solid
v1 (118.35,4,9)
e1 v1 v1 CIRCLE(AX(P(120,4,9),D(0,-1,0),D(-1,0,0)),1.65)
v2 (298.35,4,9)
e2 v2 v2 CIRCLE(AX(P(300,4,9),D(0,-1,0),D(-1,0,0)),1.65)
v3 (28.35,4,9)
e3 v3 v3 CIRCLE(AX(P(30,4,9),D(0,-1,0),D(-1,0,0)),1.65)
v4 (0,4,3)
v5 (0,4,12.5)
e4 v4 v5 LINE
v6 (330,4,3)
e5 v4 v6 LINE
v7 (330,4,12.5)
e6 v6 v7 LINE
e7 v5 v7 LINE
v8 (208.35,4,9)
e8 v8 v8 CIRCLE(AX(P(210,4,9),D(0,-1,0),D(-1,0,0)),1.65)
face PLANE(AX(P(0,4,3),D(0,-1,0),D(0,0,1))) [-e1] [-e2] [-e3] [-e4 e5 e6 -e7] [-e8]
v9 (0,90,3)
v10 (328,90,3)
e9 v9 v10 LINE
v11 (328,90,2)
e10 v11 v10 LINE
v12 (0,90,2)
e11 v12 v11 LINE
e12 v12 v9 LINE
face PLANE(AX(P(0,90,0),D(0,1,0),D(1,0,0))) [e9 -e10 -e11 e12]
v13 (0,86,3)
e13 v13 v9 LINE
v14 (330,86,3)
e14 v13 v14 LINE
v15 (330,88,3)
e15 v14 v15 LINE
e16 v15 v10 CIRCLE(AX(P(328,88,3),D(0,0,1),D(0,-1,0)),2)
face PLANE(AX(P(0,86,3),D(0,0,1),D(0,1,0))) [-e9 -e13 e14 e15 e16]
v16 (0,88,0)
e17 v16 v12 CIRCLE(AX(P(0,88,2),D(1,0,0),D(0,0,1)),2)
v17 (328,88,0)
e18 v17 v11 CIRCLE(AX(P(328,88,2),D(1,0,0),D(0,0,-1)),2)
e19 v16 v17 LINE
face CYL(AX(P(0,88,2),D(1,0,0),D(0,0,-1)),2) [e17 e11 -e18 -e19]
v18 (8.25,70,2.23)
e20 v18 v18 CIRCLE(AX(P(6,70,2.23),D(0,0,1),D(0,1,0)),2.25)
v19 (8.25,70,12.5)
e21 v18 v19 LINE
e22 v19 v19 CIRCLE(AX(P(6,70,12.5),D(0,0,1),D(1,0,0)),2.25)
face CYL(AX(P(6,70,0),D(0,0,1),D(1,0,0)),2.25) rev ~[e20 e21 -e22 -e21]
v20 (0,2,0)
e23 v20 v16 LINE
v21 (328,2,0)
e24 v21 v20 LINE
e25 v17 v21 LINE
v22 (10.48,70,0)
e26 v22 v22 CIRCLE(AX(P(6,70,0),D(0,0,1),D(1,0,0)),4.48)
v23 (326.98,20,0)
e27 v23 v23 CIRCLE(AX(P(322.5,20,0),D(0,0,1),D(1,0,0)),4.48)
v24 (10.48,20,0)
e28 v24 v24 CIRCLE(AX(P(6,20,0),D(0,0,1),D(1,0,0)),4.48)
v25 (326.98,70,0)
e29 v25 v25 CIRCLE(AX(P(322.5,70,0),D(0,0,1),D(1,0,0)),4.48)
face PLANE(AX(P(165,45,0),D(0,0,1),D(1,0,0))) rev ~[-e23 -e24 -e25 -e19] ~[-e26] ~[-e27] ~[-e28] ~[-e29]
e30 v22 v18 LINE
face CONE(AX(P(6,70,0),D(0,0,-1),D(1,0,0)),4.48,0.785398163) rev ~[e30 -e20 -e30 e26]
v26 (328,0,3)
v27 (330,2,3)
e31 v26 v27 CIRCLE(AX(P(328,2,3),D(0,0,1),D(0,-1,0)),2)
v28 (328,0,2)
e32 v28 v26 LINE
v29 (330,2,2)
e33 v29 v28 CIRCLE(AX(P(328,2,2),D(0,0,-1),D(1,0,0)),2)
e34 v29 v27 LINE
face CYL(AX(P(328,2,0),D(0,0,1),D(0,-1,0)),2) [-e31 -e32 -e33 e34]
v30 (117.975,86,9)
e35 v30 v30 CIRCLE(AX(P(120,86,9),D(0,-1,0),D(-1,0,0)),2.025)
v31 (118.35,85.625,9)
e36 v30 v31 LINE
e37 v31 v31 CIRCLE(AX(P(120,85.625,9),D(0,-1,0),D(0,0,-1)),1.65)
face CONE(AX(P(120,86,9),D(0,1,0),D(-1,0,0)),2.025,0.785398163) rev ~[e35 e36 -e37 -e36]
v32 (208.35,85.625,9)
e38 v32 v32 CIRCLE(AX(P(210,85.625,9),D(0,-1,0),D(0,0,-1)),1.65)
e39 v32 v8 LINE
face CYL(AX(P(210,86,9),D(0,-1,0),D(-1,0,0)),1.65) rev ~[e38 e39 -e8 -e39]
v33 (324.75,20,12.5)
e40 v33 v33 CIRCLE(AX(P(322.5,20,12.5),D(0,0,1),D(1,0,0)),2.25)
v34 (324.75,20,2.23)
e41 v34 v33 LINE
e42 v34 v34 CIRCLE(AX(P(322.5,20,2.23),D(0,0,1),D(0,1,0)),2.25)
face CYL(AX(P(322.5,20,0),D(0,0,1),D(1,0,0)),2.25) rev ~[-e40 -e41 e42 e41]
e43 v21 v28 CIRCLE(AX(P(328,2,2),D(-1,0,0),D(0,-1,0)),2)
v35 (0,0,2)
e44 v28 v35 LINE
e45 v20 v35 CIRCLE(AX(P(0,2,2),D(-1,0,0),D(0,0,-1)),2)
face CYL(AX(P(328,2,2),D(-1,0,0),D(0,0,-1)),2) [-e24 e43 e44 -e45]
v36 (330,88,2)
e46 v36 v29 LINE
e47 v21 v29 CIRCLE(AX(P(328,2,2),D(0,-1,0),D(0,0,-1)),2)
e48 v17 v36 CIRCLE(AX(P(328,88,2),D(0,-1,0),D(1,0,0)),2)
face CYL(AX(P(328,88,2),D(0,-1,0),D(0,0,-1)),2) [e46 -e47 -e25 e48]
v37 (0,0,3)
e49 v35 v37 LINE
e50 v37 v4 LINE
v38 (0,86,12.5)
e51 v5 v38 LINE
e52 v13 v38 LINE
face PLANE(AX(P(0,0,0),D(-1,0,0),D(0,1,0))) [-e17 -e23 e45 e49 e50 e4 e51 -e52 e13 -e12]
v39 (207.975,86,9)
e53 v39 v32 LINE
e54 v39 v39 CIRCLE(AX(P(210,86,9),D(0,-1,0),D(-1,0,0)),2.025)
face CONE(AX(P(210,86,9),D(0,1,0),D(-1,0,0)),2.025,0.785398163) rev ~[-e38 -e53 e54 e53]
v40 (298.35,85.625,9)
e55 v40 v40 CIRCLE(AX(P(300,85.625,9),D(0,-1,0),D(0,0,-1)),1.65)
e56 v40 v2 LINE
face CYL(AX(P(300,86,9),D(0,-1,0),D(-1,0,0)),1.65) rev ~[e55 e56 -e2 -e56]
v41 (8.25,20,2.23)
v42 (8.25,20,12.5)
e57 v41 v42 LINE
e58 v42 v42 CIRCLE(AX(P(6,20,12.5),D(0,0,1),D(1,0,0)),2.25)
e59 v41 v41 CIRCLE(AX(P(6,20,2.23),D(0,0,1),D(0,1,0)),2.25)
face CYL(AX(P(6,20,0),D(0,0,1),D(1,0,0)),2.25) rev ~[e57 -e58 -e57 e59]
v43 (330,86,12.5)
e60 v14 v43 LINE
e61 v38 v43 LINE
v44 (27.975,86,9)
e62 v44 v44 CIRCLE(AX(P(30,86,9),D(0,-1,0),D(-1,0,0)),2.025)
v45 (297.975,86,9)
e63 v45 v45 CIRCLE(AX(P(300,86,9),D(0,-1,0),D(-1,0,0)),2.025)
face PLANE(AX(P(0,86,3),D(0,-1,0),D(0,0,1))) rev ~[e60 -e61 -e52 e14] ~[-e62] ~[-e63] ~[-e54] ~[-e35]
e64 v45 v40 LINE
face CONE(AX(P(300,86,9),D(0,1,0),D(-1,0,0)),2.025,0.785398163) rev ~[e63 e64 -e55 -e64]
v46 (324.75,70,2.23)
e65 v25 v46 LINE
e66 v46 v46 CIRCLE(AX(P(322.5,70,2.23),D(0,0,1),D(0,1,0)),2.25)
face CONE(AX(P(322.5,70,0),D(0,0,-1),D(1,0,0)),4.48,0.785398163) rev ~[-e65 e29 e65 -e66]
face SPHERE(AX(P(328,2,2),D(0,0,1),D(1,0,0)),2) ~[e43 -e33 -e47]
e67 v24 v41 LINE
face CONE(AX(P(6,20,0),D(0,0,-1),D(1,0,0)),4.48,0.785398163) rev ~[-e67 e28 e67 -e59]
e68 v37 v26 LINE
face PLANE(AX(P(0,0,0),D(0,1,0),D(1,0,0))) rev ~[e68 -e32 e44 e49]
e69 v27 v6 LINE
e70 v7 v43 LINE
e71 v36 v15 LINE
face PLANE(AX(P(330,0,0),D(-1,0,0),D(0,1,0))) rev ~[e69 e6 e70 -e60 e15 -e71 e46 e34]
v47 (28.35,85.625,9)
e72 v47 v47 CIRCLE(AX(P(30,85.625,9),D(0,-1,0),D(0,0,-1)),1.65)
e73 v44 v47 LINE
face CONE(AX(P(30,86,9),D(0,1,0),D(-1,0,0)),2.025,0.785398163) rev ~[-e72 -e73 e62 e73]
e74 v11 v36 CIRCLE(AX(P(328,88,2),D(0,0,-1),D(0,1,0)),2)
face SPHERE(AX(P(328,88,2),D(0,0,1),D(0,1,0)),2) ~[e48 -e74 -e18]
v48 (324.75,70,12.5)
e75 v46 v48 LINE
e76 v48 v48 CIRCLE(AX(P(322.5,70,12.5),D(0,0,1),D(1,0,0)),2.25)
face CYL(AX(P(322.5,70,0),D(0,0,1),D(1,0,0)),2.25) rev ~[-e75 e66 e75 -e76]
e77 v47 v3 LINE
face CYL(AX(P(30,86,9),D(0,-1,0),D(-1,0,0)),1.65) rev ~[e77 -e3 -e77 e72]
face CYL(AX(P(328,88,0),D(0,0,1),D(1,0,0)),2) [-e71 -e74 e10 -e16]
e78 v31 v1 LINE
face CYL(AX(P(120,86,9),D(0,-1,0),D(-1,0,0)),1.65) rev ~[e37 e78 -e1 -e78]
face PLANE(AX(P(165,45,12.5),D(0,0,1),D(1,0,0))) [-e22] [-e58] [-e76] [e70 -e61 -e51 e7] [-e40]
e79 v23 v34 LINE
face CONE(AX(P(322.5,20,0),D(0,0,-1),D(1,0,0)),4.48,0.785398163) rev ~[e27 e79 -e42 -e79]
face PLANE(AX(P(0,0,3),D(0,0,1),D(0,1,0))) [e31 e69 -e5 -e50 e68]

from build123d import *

# Parameters (mm, degrees)
SKETCH_1_W                     = 330
SKETCH_1_H                     = 90
EXTRUDE_1_DEPTH                = 12.5
SKETCH_2_W                     = 9.5
SKETCH_2_H                     = 4
CUT_EXTRUDE_1_DEPTH            = 331
HOLE_WIZARD_M4_1_D             = 4.5
HOLE_WIZARD_M4_1_CSINK_D       = 8.96
HOLE_WIZARD_M4_1_CSINK_ANGLE   = 90
HOLE_WIZARD_M4_1_2_D           = 3.3
HOLE_WIZARD_M4_1_2_CSINK_D     = 4.05
HOLE_WIZARD_M4_1_2_CSINK_ANGLE = 90
FILLET_2_R                     = 2
FILLET_3_R                     = 2


with BuildPart() as part:
    # 草圖1 → 填料-伸長1 (new body)
    with BuildSketch(Plane.XY):
        with Locations((165, 45)):
            Rectangle(SKETCH_1_W, SKETCH_1_H)
    extrude(amount=EXTRUDE_1_DEPTH)

    # 草圖2 → 除料-伸長1 (cut, through all)
    with BuildSketch(Plane.ZY):
        with Locations((7.75, 88)):
            Rectangle(SKETCH_2_W, SKETCH_2_H)
        with Locations((7.75, 2)):
            Rectangle(SKETCH_2_W, SKETCH_2_H)
    extrude(amount=-CUT_EXTRUDE_1_DEPTH, mode=Mode.SUBTRACT)

    # Hole Wizard M4 _1 (through all)
    with Locations(Plane(origin=(0, 0, 0), x_dir=(-1, 0, 0), z_dir=(0, 0, -1))):
        with Locations((-322.5, 70), (-322.5, 20), (-6, 70), (-6, 20)):
            CounterSinkHole(HOLE_WIZARD_M4_1_D / 2, HOLE_WIZARD_M4_1_CSINK_D / 2, counter_sink_angle=HOLE_WIZARD_M4_1_CSINK_ANGLE)

    # Hole Wizard M4 _1 2 (through all)
    with Locations(Plane(origin=(0, 86, 0), x_dir=(1, 0, 0), z_dir=(0, 1, 0))):
        with Locations((30, -9), (120, -9), (210, -9), (300, -9)):
            CounterSinkHole(HOLE_WIZARD_M4_1_2_D / 2, HOLE_WIZARD_M4_1_2_CSINK_D / 2, counter_sink_angle=HOLE_WIZARD_M4_1_2_CSINK_ANGLE)

    # 圓角2
    fillet_2_edges = [part.edges().sort_by_distance(p)[0] for p in [
        (330, 90, 1.5),
        (330, 0, 1.5),
    ]]
    fillet(fillet_2_edges, radius=FILLET_2_R)

    # 圓角3
    fillet_3_edges = [part.edges().sort_by_distance(p)[0] for p in [
        (164, 90, 0),
        (164, 0, 0),
        (330, 45, 0),
    ]]
    fillet(fillet_3_edges, radius=FILLET_3_R)


solid = part.part
